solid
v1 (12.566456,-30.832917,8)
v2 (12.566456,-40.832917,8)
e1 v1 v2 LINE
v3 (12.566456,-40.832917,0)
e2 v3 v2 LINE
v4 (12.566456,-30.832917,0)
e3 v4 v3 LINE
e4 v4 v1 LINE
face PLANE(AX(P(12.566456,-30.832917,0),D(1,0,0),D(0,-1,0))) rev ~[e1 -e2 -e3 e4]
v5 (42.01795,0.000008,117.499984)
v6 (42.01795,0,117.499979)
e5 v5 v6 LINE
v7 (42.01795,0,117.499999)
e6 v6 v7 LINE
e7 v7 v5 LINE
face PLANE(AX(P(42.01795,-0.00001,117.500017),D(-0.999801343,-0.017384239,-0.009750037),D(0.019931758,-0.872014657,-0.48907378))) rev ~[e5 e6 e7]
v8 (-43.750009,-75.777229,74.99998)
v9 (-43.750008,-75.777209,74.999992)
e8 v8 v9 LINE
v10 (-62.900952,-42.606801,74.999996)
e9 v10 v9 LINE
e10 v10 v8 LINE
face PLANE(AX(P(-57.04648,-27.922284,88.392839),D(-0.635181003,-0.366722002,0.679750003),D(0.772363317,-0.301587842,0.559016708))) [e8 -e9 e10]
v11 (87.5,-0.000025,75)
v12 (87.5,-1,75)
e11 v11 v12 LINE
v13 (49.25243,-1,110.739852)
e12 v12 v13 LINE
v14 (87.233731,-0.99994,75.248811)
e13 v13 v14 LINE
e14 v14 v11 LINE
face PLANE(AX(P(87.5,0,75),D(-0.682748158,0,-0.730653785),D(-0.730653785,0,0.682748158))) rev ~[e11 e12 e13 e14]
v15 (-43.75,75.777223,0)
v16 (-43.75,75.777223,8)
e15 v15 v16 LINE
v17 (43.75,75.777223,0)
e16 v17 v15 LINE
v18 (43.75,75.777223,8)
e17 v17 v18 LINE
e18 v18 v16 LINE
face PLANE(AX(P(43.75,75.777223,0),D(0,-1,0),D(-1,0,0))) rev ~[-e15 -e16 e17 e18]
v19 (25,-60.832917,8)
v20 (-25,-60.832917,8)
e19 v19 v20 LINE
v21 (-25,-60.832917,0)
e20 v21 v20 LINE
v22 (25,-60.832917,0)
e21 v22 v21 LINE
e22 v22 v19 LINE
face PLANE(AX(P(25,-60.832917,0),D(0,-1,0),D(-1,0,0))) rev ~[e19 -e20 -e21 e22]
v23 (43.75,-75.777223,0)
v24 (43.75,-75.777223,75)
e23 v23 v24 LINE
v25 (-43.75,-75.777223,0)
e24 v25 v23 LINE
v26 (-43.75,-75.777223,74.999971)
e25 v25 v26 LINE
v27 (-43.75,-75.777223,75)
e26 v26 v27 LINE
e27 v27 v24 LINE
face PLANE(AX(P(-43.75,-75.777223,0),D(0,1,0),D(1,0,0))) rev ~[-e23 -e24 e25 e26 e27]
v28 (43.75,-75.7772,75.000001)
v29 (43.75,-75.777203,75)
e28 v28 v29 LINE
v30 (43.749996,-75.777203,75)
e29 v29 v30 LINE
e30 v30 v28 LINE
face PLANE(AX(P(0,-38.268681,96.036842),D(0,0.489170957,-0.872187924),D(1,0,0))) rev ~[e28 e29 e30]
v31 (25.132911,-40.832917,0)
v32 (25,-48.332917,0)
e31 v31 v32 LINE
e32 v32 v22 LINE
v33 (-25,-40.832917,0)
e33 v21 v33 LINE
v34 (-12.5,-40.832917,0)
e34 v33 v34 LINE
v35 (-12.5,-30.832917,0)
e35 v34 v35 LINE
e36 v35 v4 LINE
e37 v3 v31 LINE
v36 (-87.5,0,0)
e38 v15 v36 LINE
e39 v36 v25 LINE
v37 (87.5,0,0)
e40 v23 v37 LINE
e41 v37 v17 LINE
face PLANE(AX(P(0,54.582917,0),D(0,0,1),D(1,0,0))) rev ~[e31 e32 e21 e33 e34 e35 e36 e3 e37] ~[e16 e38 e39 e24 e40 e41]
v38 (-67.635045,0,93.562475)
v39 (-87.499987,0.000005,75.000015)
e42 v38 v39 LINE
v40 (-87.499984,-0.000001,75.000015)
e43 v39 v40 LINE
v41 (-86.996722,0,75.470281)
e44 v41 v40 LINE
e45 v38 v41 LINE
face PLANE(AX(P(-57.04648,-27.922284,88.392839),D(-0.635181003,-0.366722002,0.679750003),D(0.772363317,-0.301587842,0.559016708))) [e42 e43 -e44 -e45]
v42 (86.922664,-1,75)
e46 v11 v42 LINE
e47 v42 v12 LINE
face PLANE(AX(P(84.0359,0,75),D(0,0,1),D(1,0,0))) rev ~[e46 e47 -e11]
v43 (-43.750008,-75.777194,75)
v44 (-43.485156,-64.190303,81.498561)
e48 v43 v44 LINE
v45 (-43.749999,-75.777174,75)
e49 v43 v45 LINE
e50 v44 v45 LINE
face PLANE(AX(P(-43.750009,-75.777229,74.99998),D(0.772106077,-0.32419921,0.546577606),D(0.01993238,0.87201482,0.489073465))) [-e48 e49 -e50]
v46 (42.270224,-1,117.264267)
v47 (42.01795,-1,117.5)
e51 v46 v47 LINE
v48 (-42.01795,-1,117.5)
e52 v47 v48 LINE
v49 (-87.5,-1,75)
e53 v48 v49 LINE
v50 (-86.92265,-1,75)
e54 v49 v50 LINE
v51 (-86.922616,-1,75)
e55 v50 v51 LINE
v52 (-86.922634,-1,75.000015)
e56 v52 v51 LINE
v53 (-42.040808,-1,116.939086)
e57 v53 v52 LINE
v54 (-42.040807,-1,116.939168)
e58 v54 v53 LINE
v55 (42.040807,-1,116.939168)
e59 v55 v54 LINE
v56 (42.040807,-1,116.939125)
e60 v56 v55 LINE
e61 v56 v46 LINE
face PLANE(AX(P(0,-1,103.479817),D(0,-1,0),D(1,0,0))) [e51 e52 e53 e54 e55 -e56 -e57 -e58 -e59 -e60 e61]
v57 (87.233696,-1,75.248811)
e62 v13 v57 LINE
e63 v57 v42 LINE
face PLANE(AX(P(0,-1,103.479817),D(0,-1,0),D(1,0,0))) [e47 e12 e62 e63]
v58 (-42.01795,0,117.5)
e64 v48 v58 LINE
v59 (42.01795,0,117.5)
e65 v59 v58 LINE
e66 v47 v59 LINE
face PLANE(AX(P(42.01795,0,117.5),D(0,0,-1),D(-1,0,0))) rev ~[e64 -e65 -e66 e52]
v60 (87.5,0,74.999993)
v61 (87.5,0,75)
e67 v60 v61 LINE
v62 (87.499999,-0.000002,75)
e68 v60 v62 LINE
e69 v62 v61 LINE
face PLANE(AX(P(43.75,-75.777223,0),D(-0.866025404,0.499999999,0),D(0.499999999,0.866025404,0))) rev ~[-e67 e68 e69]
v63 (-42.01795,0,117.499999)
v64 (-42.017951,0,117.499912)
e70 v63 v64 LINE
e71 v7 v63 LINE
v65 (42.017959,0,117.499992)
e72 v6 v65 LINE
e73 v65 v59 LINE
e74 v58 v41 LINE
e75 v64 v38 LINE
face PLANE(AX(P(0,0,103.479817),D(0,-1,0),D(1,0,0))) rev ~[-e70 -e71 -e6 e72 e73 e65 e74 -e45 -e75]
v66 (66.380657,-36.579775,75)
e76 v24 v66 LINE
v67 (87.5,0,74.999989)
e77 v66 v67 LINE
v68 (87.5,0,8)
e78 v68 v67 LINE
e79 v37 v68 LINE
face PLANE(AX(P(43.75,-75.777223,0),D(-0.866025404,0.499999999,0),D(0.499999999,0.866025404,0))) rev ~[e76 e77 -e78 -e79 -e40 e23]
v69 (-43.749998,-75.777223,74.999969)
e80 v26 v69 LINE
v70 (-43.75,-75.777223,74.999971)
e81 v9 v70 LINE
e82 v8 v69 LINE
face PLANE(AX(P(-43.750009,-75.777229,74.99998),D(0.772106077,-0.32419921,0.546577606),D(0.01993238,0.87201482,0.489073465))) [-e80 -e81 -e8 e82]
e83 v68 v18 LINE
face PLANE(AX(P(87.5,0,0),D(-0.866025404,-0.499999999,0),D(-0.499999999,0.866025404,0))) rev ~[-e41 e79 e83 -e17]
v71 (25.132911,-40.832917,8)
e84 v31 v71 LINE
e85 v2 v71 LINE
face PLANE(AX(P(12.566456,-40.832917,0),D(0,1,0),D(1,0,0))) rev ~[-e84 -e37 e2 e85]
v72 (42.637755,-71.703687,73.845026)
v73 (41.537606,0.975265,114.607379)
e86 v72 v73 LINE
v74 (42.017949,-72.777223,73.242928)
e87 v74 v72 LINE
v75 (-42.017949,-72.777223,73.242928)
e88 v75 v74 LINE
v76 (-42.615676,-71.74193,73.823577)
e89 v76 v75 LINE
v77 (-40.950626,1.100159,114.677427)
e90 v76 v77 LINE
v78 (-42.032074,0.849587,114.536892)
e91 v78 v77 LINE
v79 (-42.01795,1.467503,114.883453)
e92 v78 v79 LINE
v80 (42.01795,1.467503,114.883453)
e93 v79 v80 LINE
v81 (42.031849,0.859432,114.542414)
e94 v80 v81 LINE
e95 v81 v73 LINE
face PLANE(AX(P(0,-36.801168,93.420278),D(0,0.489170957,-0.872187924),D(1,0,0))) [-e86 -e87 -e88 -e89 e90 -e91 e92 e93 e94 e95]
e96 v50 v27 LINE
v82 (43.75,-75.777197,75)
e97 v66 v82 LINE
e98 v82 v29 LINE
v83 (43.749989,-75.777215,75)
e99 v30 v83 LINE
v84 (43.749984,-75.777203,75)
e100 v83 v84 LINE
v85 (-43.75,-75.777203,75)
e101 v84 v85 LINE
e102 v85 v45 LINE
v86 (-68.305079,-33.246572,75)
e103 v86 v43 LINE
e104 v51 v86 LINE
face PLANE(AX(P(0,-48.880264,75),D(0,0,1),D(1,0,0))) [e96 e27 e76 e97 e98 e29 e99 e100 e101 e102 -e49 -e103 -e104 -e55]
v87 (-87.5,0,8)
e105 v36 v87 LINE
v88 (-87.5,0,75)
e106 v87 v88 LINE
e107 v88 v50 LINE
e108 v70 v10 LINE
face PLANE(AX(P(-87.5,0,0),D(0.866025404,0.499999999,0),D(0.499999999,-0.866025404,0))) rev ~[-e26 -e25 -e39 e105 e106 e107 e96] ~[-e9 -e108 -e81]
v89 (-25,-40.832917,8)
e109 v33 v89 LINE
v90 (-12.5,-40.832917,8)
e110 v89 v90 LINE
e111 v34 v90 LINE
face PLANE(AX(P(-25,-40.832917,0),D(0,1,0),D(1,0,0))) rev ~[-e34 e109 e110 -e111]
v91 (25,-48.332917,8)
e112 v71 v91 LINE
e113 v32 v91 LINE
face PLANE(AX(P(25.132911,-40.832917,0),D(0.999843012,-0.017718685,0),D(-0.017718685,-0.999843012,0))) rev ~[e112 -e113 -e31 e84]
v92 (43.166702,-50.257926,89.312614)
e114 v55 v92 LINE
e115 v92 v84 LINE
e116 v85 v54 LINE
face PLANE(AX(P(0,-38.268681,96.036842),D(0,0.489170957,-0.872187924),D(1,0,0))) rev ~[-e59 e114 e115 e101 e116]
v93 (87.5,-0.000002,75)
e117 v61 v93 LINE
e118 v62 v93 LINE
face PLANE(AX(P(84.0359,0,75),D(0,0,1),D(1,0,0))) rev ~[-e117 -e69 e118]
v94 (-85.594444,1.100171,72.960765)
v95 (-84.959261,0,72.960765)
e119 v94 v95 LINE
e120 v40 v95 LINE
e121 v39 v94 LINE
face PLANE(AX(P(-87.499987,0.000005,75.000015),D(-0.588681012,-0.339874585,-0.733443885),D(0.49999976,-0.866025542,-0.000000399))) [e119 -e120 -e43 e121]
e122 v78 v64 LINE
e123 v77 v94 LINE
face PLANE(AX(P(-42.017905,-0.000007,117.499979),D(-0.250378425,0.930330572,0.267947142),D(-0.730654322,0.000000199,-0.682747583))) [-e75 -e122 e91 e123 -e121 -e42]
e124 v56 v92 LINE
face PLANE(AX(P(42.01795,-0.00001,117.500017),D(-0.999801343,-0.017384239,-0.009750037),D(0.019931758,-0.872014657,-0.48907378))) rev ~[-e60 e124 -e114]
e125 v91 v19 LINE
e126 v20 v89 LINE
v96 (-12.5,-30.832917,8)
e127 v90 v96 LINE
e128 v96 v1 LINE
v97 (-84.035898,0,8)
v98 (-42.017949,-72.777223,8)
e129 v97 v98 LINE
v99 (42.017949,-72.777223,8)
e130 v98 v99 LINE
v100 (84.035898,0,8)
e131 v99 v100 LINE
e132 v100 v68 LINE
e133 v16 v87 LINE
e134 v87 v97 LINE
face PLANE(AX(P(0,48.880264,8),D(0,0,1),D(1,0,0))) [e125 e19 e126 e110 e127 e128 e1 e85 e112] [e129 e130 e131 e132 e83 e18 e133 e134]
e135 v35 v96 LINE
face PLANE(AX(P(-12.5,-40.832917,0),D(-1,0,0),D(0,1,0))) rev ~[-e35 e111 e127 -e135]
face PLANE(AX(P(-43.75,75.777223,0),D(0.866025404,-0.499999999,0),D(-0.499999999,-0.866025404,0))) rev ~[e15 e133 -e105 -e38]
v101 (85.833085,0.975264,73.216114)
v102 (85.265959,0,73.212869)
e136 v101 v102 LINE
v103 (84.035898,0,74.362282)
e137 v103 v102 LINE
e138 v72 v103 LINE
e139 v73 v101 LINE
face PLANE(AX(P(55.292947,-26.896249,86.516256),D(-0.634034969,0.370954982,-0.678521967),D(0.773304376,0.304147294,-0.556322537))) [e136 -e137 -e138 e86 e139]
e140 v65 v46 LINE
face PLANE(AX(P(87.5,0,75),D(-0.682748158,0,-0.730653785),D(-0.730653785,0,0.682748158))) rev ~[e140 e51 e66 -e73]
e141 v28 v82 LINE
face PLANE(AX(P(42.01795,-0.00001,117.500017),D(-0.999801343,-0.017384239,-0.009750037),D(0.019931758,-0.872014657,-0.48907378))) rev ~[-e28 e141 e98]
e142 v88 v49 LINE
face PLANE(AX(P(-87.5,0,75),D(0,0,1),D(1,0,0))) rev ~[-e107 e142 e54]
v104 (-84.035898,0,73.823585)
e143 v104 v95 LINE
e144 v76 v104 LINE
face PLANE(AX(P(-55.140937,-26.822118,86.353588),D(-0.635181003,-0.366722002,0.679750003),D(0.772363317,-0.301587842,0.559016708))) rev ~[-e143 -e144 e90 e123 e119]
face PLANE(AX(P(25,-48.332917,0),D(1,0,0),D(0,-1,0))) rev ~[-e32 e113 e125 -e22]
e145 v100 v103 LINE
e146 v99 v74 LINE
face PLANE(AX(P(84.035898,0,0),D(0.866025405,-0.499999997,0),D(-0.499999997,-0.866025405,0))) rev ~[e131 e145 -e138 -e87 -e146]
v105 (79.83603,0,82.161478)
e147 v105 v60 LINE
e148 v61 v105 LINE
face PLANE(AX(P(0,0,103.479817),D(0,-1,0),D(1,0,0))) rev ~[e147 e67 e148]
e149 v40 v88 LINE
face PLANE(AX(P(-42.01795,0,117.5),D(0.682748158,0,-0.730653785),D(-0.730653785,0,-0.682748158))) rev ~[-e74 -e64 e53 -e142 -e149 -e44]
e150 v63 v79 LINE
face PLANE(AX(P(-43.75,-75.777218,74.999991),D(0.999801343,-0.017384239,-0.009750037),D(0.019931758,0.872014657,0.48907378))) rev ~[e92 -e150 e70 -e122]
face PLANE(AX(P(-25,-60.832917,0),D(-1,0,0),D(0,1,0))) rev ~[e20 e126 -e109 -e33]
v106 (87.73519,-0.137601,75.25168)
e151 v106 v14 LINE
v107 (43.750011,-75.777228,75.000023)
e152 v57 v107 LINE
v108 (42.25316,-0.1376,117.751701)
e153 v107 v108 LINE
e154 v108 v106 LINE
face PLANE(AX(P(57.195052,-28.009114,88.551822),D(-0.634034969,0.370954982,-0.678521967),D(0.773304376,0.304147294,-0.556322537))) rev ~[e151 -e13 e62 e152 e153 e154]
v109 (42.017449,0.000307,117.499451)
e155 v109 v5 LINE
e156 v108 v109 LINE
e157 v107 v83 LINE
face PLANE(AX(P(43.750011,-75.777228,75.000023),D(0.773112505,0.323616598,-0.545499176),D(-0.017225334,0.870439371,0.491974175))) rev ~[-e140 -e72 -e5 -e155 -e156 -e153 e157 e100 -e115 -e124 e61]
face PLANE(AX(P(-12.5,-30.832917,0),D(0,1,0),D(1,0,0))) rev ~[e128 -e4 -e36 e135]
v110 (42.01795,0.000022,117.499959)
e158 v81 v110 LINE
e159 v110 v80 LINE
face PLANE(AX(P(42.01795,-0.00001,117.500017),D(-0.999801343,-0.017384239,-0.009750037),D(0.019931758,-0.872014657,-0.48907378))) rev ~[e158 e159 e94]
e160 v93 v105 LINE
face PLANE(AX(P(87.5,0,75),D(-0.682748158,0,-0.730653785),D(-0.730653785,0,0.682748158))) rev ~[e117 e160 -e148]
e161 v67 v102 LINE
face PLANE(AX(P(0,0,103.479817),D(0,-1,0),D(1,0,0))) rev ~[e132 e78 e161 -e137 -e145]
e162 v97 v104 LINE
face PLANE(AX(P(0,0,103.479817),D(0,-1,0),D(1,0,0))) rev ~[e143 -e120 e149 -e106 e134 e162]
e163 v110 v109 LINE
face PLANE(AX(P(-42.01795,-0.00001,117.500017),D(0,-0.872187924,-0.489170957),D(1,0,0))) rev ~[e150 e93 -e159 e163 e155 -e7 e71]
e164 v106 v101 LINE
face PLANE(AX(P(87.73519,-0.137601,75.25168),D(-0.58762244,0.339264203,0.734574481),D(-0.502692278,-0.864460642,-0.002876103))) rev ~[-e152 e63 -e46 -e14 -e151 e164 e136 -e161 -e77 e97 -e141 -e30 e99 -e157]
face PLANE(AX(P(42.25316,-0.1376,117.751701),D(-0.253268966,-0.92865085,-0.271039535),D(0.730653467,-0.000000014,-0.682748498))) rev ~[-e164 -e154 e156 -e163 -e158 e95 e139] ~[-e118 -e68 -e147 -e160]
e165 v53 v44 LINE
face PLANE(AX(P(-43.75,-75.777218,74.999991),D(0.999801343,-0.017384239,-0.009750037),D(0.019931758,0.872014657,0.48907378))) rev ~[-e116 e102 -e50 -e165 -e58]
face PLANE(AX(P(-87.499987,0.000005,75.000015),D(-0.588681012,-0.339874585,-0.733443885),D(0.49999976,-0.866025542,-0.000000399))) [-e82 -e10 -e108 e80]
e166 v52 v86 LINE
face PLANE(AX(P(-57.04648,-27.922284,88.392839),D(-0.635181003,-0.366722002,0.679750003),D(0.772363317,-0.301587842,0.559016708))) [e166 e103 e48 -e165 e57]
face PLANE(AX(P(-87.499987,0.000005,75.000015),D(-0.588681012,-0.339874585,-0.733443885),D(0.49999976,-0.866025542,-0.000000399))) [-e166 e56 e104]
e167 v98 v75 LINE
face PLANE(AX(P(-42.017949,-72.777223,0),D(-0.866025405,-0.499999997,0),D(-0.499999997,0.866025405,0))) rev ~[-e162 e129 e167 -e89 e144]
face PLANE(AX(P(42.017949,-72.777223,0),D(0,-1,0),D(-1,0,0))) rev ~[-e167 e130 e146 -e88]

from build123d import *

# Parameters (mm, degrees)
F0_W      = 50
F0_H      = 12.5
F1_DEPTH  = 8
F2_DEPTH  = 75
F4_DEPTH  = 8
F7_DEPTH  = 3
F8_DEPTH  = 1
F11_DEPTH = 3
F14_DEPTH = 3
F15_DEPTH = 8
F16_DEPTH = 25


with BuildPart() as f1:
    # F0 (on Top) → F1 (new body)
    with BuildSketch(Plane.XY):
        Polygon((-42.017949, 72.777223), (-84.035898, 0), (-42.017949, -72.777223), (42.017949, -72.777223), (84.035898, 0), (42.017949, 72.777223), align=None)
        Polygon((25.132911, -40.832917), (25, -48.332917), (25, -60.832917), (-25, -60.832917), (-25, -48.332917), (-25, -40.832917), (-12.5, -40.832917), (-12.5, -30.832917), (12.566456, -30.832917), (12.566456, -40.832917), align=None, mode=Mode.SUBTRACT)
        with Locations((0, 54.582917)):
            Rectangle(F0_W, F0_H, mode=Mode.SUBTRACT)
    extrude(amount=F1_DEPTH)

    # F0 (on Top) → F2 (join)
    with BuildSketch(Plane.XY):
        Polygon((-84.035898, 0), (-87.5, 0), (-43.75, -75.777223), (43.75, -75.777223), (87.5, 0), (84.035898, 0), (42.017949, -72.777223), (-42.017949, -72.777223), align=None)
    extrude(amount=F2_DEPTH)

    # F0 (on Top) → F4 (join)
    with BuildSketch(Plane.XY):
        Polygon((43.75, 75.777223), (-43.75, 75.777223), (-87.5, 0), (-84.035898, 0), (-42.017949, 72.777223), (42.017949, 72.777223), (84.035898, 0), (87.5, 0), align=None)
    extrude(amount=F4_DEPTH)

    # F6 (on face) → F7 (join)
    with BuildSketch(Plane(origin=(0, -50.131237, 89.383668), x_dir=(1, 0, 0), z_dir=(0, 0.489171, -0.872188))):
        Polygon((43.75, 29.404192), (0, 29.404192), (-43.75, 29.404192), (-42.01795, -57.477552), (42.01795, -57.477552), align=None)
    extrude(amount=F7_DEPTH)

    # F3 (on Front) → F8 (join)
    with BuildSketch(Plane.XZ):
        Polygon((-42.01795, 114.5), (0, 114.5), (42.01795, 114.5), (84.0359, 75), (87.5, 75), (42.01795, 117.5), (0, 117.5), (-42.01795, 117.5), (-87.5, 75), (-84.0359, 75), align=None)
    extrude(amount=F8_DEPTH)

    # F10 (on face) → F11 (join)
    with BuildSketch(Plane(origin=(-67.684673, -39.077764, 72.433827), x_dir=(0.772363, -0.301588, 0.559017), z_dir=(-0.635181, -0.366722, 0.67975))):
        Polygon((33.231426, 55.789645), (-25.65546, 35.610412), (30.988892, -31.080422), align=None)
    extrude(amount=-F11_DEPTH)

    # F13 (on face) → F14 (join)
    with BuildSketch(Plane(origin=(67.675669, -39.595085, 72.424192), x_dir=(0.773305, 0.304147, -0.556322), z_dir=(-0.634035, 0.370955, -0.678522))):
        Polygon((-30.93951, 30.511739), (-32.875165, -56.364915), (25.940007, -35.977606), align=None)
    extrude(amount=F14_DEPTH)

    # F0 (on Top) → F15 (join)
    with BuildSketch(Plane.XY):
        with Locations((0, 54.582917)):
            Rectangle(F0_W, F0_H)
    extrude(amount=F15_DEPTH)

    # F0 (on Top) → F16 (cut)
    with BuildSketch(Plane.XY):
        Polygon((25, -60.832917), (25, -48.332917), (25.132911, -40.832917), (12.566456, -40.832917), (0, -40.832917), (-12.5, -40.832917), (-25, -40.832917), (-25, -48.332917), (-25, -60.832917), align=None)
    extrude(amount=-F16_DEPTH, mode=Mode.SUBTRACT)


solid = f1.part
